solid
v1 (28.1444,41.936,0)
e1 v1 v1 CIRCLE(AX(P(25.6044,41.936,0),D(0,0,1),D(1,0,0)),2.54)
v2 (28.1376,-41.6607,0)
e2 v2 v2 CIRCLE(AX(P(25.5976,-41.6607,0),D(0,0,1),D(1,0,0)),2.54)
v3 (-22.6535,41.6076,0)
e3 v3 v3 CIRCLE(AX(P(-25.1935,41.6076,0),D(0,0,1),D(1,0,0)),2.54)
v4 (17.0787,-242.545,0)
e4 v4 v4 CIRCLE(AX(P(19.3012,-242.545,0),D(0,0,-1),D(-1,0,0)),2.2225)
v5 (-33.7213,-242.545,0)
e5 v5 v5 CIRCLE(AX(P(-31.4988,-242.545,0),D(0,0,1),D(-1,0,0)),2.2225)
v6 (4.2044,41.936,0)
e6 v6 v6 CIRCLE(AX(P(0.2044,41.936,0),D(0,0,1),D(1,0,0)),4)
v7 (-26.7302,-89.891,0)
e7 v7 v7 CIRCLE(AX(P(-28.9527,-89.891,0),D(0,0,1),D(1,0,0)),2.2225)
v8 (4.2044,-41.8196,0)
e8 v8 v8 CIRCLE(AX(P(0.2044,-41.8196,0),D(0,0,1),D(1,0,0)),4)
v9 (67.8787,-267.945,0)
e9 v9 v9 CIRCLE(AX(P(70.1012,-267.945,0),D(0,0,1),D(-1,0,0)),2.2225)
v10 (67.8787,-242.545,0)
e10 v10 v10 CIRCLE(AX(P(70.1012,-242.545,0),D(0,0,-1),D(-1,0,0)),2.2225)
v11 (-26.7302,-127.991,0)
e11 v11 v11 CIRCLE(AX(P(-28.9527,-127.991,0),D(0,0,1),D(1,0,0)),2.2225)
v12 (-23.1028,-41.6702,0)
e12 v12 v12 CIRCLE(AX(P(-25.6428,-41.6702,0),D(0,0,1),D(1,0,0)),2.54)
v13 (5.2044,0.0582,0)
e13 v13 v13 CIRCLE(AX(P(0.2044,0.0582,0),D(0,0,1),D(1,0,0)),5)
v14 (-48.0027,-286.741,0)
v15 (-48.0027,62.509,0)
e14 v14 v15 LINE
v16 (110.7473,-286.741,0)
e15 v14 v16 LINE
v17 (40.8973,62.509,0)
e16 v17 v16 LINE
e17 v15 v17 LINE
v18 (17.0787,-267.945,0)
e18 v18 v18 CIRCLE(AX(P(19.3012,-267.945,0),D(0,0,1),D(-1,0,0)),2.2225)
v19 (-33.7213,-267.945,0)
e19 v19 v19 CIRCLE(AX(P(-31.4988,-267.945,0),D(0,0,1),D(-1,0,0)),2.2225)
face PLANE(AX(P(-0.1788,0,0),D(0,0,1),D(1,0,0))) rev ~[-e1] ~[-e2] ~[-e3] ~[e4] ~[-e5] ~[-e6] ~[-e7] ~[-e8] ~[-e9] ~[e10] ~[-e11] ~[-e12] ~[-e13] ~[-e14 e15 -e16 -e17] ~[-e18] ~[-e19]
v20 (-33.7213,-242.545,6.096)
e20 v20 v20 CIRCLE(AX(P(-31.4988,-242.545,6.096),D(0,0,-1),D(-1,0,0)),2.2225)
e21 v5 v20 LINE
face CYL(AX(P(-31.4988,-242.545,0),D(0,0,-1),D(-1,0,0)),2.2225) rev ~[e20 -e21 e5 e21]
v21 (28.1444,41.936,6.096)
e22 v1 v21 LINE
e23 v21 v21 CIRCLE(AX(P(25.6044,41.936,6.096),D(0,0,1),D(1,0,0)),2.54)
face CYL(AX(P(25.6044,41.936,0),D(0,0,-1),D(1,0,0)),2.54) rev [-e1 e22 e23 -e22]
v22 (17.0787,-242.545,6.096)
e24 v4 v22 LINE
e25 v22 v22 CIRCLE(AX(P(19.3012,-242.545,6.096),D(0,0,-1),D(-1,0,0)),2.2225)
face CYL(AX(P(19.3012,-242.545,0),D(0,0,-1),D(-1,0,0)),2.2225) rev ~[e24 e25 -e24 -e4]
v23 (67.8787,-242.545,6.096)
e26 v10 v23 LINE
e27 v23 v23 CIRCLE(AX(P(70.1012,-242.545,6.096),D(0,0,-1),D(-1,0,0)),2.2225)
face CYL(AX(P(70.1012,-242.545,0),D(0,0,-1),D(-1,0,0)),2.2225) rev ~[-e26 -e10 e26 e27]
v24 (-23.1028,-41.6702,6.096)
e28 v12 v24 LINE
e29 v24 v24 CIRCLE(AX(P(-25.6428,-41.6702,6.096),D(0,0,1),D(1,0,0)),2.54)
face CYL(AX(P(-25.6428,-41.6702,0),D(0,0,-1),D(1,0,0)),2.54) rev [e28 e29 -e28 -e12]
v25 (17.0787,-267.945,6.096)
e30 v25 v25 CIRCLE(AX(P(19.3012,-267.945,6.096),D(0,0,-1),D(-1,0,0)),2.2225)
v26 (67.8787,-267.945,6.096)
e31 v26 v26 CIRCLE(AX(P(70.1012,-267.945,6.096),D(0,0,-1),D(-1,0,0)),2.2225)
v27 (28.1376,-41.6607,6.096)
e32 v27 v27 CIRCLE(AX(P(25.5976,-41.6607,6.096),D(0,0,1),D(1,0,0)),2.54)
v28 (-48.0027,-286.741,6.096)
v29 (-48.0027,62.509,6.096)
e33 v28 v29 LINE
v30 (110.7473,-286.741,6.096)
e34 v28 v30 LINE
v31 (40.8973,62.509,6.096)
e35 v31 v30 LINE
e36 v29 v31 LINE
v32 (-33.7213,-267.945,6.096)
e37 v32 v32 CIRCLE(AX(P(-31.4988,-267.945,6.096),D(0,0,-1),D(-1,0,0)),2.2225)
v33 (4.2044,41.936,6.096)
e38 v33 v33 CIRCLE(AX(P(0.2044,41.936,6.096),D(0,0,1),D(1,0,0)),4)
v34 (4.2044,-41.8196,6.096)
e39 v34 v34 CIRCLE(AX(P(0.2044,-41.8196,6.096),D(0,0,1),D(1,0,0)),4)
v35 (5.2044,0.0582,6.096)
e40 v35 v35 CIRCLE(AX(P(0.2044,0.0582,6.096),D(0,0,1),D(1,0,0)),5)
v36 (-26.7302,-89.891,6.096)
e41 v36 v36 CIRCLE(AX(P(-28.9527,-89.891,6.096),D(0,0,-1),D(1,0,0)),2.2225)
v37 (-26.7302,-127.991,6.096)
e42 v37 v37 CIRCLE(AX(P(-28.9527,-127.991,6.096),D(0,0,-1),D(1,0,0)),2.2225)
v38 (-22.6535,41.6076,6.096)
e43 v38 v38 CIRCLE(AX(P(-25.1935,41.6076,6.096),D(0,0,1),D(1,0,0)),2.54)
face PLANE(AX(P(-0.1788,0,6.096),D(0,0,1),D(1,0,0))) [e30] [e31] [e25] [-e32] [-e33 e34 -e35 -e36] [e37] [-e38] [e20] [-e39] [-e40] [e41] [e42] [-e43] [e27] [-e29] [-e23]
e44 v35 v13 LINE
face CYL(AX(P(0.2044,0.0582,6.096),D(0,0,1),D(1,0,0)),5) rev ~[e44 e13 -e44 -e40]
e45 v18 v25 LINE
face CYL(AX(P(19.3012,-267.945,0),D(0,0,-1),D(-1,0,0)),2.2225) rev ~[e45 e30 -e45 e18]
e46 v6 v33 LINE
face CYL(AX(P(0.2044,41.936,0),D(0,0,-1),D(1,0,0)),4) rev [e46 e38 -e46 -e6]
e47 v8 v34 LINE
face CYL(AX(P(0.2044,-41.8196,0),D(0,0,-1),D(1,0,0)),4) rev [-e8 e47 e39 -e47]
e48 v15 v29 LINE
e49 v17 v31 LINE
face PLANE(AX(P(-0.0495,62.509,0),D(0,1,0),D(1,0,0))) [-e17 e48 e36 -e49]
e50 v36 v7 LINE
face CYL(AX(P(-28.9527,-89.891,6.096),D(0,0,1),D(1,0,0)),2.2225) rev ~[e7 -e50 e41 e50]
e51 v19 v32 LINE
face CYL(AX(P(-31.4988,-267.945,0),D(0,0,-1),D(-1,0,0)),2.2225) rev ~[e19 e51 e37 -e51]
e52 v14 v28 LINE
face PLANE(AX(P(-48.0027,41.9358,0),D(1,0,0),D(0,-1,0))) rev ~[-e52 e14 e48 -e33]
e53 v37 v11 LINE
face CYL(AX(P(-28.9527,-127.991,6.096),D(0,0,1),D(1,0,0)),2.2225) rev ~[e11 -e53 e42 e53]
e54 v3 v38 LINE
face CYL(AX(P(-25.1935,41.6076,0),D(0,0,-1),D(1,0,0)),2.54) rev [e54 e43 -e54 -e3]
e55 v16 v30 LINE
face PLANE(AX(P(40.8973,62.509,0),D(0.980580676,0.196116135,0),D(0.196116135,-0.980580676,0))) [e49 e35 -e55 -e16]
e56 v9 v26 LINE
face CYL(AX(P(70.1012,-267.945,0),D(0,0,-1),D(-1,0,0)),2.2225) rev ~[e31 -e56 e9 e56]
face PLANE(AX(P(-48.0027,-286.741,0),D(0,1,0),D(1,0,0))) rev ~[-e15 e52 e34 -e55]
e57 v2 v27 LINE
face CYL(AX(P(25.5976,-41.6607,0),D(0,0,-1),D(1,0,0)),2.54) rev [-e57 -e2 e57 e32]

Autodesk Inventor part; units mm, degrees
ref_plane "YZ Plane" through (0, 0, 0) normal (1, 0, 0) x (0, 1, 0)
ref_plane "XZ Plane" through (0, 0, 0) normal (0, 1, 0) x (-1, 0, 0)
ref_plane "XY Plane" through (0, 0, 0) normal (0, 0, 1) x (1, 0, 0)
ref_plane "Work Plane1" through (-0.1788, 0, 0) normal (0, 0, 1) x (1, 0, 0)
sketch "Sketch1" plane through (-0.1788, 0, 0) normal (0, 0, 1) x (1, 0, 0)
  line L0 (-15.3244, 3.4987) -> (-19.1223, 3.4987) projected
  line L1 (-19.1223, 3.4987) -> (-28.8529, 35.0248) projected
  arc A0 (-28.8529, 35.0248) -> (-20.5467, 47.7802) centre (-25.0147, 41.6076) ccw projected
  line L2 (-20.5467, 47.7802) -> (-6.566, 47.7802) projected
  arc A1 (-6.566, 47.7802) -> (-2.0556, 33.1897) centre (0.3832, 41.936) ccw projected
  line L3 (-2.0556, 33.1897) -> (-2.0556, 15.9522) projected
  arc A2 (-2.0556, 15.9522) -> (-15.3244, 3.4987) centre (0.3832, 0.0582) ccw projected
  arc A3 (20.8934, 47.7802) -> (21.5632, 35.5913) centre (25.7832, 41.936) ccw projected
  line L4 (21.5632, 35.5913) -> (21.5632, 4.0758) projected
  line L5 (21.5632, 4.0758) -> (15.9532, 4.0758) projected
  arc A4 (15.9532, 4.0758) -> (1.9969, 16.0571) centre (0.3832, 0.0582) ccw projected
  line L6 (1.9969, 16.0571) -> (1.9969, 33.0006) projected
  arc A5 (1.9969, 33.0006) -> (7.3324, 47.7802) centre (0.3832, 41.936) ccw projected
  line L7 (7.3324, 47.7802) -> (20.8934, 47.7802) projected
  arc A6 (21.5632, -35.3114) -> (21.3082, -47.8332) centre (25.7764, -41.6607) ccw projected
  line L8 (21.3082, -47.8332) -> (7.1864, -47.8332) projected
  arc A7 (7.1864, -47.8332) -> (1.9969, -32.8841) centre (0.3832, -41.8196) ccw projected
  line L9 (1.9969, -32.8841) -> (1.9969, -15.9406) projected
  arc A8 (1.9969, -15.9406) -> (16.068, -3.4851) centre (0.3832, 0.0582) ccw projected
  line L10 (16.068, -3.4851) -> (21.5632, -3.4851) projected
  line L11 (21.5632, -3.4851) -> (21.5632, -35.3114) projected
  arc A9 (-20.9828, -47.8332) -> (-29.9021, -35.476) centre (-25.464, -41.6702) ccw projected
  line L12 (-29.9021, -35.476) -> (-19.2115, -3.4851) projected
  line L13 (-19.2115, -3.4851) -> (-15.3016, -3.4851) projected
  arc A10 (-15.3016, -3.4851) -> (-2.0556, -15.8358) centre (0.3832, 0.0582) ccw projected
  line L14 (-2.0556, -15.8358) -> (-2.0556, -33.0732) projected
  arc A11 (-2.0556, -33.0732) -> (-6.4199, -47.8332) centre (0.3832, -41.8196) ccw projected
  line L15 (-6.4199, -47.8332) -> (-20.9828, -47.8332) projected
  circle A12 centre (0.3832, 0.0582) radius 11 projected
  circle A13 centre (0.3832, -41.8196) radius 4 projected
  circle A14 centre (0.3832, 41.936) radius 4 projected
  circle A15 centre (-25.464, -41.6702) radius 2.54 projected
  circle A16 centre (-25.0147, 41.6076) radius 2.54 projected
  circle A17 centre (25.7764, -41.6607) radius 2.54 projected
  circle A18 centre (25.7832, 41.936) radius 2.54 projected
  arc A19 (25.7764, 31.8658) -> (25.2733, 51.9934) centre (25.7832, 41.936) ccw projected
  line L16 (25.2733, 51.9934) -> (-25.0147, 51.9934) projected
  arc A20 (-25.0147, 51.9934) -> (-35.3953, 41.9358) centre (-25.0147, 41.6076) ccw projected
  line L17 (-35.3953, 41.9358) -> (-22.4697, 0.058) projected
  line L18 (-22.4697, 0.058) -> (-35.3142, -38.3784) projected
  arc A21 (-35.3142, -38.3784) -> (-25.0214, -52.0464) centre (-25.464, -41.6702) ccw projected
  line L19 (-25.0214, -52.0464) -> (25.7764, -52.0464) projected
  arc A22 (25.7764, -52.0464) -> (25.7764, -31.275) centre (25.7764, -41.6607) ccw projected
  line L20 (25.7764, -31.275) -> (25.7764, 31.8658) projected
  line L21 (0.1293, 51.9934) -> (0.1293, 62.509)
  line L22 (-35.3953, 41.9358) -> (-48.0953, 41.9358)
  line L23 (-47.8239, 62.509) -> (41.0761, 62.509)
  line L24 (41.0761, 62.509) -> (110.9261, -286.741)
  line L25 (-47.8239, 62.509) -> (-47.8239, -286.741)
  line L26 (-47.8239, -286.741) -> (110.9261, -286.741)
  point P0 (0.1788, 0)
  dimension "d0" = 10.5156
  dimension "d1" = 12.7
  dimension "d4" = 88.9
  dimension "d10" = 349.25
extrude "Extrusion1" add sketch "Sketch1" along normal blind 6.096 contours L0 L1 A0 L2 A1 L3 A2 | A3 L4 L5 A4 L6 A5 L7 | A6 L8 A7 L9 A8 L10 L11 | A9 L12 L13 A10 L14 A11 L15 | A12 | L20 A22 L19 A21 L18 L17 A20 L16 A19 | A19 L16 L21 L23 L24 L26 L25 L22 L17 L18 A21 L19 A22 L20 | L16 A20 L22 L25 L23 L21
sketch "Sketch2" plane through (-0.1788, 0, 6.096) normal (0, 0, 1) x (1, 0, 0)
  circle A0 centre (0.3832, 0.0582) radius 5 projected
  point P0 (0.1788, 0)
extrude "Extrusion2" cut sketch "Sketch2" against normal blind 25.4
sketch "Sketch3" plane through (-0.1788, 0, 0) normal (0, 0, -1) x (-1, 0, 0)
  circle A0 centre (-0.3832, 0.0582) radius 5 projected
  circle A1 centre (-0.3832, 41.936) radius 4 projected
  circle A2 centre (-0.3832, -41.8196) radius 4 projected
  circle A3 centre (-25.7832, 41.936) radius 2.54 projected
  circle A4 centre (-25.7764, -41.6607) radius 2.54 projected
  circle A5 centre (25.0147, 41.6076) radius 2.54 projected
  circle A6 centre (25.464, -41.6702) radius 2.54 projected
  line L0 (47.8239, 62.509) -> (-41.0761, 62.509) projected
  line L1 (-41.0761, 62.509) -> (-110.9261, -286.741) projected
  line L2 (-110.9261, -286.741) -> (47.8239, -286.741) projected
  line L3 (47.8239, -286.741) -> (47.8239, 62.509) projected
  line L4 (82.12, -280.645) -> (-254.43, -280.645)
  line L5 (-72.5025, -280.645) -> (-68.0575, -280.645)
  line L6 (-21.7025, -280.645) -> (-17.2575, -280.645)
  line L7 (29.0975, -280.645) -> (33.5425, -280.645)
  line L8 (-70.28, -280.645) -> (-70.28, -267.945)
  line L9 (-70.28, -267.945) -> (-19.48, -267.945)
  line L10 (-19.48, -267.945) -> (31.32, -267.945)
  line L11 (31.32, -267.945) -> (31.32, -242.545)
  circle A7 centre (-70.28, -267.945) radius 2.2225
  circle A8 centre (-19.48, -267.945) radius 2.2225
  circle A9 centre (31.32, -267.945) radius 2.2225
  circle A10 centre (31.32, -242.545) radius 2.2225
  circle A11 centre (-19.48, -242.545) radius 2.2225
  circle A12 centre (-70.28, -242.545) radius 2.2225
  point P0 (-0.1788, 0)
  dimension "d11" = 12.7
  dimension "d12" = 25.4
  dimension "d13" = 4.445
  dimension "d14" = 4.445
  dimension "d15" = 4.445
  dimension "d16" = 4.445
  dimension "d17" = 4.445
  dimension "d18" = 4.445
extrude "Extrusion3" cut sketch "Sketch3" against normal blind 25.4 contours A10 | A9 L11 L10 | L10 L11 A9 | A8 L10 L9 | L9 L10 A8 | A7 L9 L8 | L8 L9 A7 | A11 | A12
sketch "Sketch4" plane through (-0.1788, 0, 0) normal (0, 0, -1) x (-1, 0, 0)
  circle A0 centre (-19.48, -242.545) radius 2.2225 projected
  circle A1 centre (31.32, -267.945) radius 2.2225 projected
  circle A2 centre (-70.28, -267.945) radius 2.2225 projected
  circle A3 centre (-19.48, -267.945) radius 2.2225 projected
  circle A4 centre (31.32, -242.545) radius 2.2225 projected
  circle A5 centre (-70.28, -242.545) radius 2.2225 projected
  circle A6 centre (-0.3832, 0.0582) radius 5 projected
  circle A7 centre (-0.3832, 41.936) radius 4 projected
  circle A8 centre (-0.3832, -41.8196) radius 4 projected
  circle A9 centre (-25.7832, 41.936) radius 2.54 projected
  circle A10 centre (-25.7764, -41.6607) radius 2.54 projected
  circle A11 centre (25.0147, 41.6076) radius 2.54 projected
  circle A12 centre (25.464, -41.6702) radius 2.54 projected
  line L0 (47.8239, 62.509) -> (-41.0761, 62.509) projected
  line L1 (-41.0761, 62.509) -> (-110.9261, -286.741) projected
  line L2 (-110.9261, -286.741) -> (47.8239, -286.741) projected
  line L3 (47.8239, -286.741) -> (47.8239, 62.509) projected
  point P0 (-0.1788, 0)
sketch "Sketch5" plane through (-0.1788, 0, 6.096) normal (0, 0, 1) x (1, 0, 0)
  circle A0 centre (0.3832, -41.8196) radius 4 projected
  line L0 (0.3832, -41.8196) -> (0.3832, -118.0196)
  point P0 (0.1788, 0)
  dimension "d21" = 76.2
sketch "Sketch6" plane through (-0.1788, 0, 6.096) normal (0, 0, 1) x (1, 0, 0)
  line L0 (41.0761, 62.509) -> (-47.8239, 62.509) projected
  line L1 (-47.8239, 62.509) -> (-47.8239, -89.891)
  line L2 (-47.8239, 62.509) -> (-47.8239, -286.741) projected
  line L3 (-47.8239, -89.891) -> (-28.7739, -89.891)
  line L4 (-28.7739, -89.891) -> (-28.7739, -127.991)
  circle A0 centre (-28.7739, -89.891) radius 2.2225
  circle A1 centre (-28.7739, -127.991) radius 2.2225
  point P0 (0.1788, 0)
  dimension "d22" = 152.4
  dimension "d23" = 19.05
  dimension "d24" = 38.1
  dimension "d25" = 4.445
  dimension "d26" = 4.445
extrude "Extrusion4" cut sketch "Sketch6" against normal blind 25.4
properties part number "Side Walls"
